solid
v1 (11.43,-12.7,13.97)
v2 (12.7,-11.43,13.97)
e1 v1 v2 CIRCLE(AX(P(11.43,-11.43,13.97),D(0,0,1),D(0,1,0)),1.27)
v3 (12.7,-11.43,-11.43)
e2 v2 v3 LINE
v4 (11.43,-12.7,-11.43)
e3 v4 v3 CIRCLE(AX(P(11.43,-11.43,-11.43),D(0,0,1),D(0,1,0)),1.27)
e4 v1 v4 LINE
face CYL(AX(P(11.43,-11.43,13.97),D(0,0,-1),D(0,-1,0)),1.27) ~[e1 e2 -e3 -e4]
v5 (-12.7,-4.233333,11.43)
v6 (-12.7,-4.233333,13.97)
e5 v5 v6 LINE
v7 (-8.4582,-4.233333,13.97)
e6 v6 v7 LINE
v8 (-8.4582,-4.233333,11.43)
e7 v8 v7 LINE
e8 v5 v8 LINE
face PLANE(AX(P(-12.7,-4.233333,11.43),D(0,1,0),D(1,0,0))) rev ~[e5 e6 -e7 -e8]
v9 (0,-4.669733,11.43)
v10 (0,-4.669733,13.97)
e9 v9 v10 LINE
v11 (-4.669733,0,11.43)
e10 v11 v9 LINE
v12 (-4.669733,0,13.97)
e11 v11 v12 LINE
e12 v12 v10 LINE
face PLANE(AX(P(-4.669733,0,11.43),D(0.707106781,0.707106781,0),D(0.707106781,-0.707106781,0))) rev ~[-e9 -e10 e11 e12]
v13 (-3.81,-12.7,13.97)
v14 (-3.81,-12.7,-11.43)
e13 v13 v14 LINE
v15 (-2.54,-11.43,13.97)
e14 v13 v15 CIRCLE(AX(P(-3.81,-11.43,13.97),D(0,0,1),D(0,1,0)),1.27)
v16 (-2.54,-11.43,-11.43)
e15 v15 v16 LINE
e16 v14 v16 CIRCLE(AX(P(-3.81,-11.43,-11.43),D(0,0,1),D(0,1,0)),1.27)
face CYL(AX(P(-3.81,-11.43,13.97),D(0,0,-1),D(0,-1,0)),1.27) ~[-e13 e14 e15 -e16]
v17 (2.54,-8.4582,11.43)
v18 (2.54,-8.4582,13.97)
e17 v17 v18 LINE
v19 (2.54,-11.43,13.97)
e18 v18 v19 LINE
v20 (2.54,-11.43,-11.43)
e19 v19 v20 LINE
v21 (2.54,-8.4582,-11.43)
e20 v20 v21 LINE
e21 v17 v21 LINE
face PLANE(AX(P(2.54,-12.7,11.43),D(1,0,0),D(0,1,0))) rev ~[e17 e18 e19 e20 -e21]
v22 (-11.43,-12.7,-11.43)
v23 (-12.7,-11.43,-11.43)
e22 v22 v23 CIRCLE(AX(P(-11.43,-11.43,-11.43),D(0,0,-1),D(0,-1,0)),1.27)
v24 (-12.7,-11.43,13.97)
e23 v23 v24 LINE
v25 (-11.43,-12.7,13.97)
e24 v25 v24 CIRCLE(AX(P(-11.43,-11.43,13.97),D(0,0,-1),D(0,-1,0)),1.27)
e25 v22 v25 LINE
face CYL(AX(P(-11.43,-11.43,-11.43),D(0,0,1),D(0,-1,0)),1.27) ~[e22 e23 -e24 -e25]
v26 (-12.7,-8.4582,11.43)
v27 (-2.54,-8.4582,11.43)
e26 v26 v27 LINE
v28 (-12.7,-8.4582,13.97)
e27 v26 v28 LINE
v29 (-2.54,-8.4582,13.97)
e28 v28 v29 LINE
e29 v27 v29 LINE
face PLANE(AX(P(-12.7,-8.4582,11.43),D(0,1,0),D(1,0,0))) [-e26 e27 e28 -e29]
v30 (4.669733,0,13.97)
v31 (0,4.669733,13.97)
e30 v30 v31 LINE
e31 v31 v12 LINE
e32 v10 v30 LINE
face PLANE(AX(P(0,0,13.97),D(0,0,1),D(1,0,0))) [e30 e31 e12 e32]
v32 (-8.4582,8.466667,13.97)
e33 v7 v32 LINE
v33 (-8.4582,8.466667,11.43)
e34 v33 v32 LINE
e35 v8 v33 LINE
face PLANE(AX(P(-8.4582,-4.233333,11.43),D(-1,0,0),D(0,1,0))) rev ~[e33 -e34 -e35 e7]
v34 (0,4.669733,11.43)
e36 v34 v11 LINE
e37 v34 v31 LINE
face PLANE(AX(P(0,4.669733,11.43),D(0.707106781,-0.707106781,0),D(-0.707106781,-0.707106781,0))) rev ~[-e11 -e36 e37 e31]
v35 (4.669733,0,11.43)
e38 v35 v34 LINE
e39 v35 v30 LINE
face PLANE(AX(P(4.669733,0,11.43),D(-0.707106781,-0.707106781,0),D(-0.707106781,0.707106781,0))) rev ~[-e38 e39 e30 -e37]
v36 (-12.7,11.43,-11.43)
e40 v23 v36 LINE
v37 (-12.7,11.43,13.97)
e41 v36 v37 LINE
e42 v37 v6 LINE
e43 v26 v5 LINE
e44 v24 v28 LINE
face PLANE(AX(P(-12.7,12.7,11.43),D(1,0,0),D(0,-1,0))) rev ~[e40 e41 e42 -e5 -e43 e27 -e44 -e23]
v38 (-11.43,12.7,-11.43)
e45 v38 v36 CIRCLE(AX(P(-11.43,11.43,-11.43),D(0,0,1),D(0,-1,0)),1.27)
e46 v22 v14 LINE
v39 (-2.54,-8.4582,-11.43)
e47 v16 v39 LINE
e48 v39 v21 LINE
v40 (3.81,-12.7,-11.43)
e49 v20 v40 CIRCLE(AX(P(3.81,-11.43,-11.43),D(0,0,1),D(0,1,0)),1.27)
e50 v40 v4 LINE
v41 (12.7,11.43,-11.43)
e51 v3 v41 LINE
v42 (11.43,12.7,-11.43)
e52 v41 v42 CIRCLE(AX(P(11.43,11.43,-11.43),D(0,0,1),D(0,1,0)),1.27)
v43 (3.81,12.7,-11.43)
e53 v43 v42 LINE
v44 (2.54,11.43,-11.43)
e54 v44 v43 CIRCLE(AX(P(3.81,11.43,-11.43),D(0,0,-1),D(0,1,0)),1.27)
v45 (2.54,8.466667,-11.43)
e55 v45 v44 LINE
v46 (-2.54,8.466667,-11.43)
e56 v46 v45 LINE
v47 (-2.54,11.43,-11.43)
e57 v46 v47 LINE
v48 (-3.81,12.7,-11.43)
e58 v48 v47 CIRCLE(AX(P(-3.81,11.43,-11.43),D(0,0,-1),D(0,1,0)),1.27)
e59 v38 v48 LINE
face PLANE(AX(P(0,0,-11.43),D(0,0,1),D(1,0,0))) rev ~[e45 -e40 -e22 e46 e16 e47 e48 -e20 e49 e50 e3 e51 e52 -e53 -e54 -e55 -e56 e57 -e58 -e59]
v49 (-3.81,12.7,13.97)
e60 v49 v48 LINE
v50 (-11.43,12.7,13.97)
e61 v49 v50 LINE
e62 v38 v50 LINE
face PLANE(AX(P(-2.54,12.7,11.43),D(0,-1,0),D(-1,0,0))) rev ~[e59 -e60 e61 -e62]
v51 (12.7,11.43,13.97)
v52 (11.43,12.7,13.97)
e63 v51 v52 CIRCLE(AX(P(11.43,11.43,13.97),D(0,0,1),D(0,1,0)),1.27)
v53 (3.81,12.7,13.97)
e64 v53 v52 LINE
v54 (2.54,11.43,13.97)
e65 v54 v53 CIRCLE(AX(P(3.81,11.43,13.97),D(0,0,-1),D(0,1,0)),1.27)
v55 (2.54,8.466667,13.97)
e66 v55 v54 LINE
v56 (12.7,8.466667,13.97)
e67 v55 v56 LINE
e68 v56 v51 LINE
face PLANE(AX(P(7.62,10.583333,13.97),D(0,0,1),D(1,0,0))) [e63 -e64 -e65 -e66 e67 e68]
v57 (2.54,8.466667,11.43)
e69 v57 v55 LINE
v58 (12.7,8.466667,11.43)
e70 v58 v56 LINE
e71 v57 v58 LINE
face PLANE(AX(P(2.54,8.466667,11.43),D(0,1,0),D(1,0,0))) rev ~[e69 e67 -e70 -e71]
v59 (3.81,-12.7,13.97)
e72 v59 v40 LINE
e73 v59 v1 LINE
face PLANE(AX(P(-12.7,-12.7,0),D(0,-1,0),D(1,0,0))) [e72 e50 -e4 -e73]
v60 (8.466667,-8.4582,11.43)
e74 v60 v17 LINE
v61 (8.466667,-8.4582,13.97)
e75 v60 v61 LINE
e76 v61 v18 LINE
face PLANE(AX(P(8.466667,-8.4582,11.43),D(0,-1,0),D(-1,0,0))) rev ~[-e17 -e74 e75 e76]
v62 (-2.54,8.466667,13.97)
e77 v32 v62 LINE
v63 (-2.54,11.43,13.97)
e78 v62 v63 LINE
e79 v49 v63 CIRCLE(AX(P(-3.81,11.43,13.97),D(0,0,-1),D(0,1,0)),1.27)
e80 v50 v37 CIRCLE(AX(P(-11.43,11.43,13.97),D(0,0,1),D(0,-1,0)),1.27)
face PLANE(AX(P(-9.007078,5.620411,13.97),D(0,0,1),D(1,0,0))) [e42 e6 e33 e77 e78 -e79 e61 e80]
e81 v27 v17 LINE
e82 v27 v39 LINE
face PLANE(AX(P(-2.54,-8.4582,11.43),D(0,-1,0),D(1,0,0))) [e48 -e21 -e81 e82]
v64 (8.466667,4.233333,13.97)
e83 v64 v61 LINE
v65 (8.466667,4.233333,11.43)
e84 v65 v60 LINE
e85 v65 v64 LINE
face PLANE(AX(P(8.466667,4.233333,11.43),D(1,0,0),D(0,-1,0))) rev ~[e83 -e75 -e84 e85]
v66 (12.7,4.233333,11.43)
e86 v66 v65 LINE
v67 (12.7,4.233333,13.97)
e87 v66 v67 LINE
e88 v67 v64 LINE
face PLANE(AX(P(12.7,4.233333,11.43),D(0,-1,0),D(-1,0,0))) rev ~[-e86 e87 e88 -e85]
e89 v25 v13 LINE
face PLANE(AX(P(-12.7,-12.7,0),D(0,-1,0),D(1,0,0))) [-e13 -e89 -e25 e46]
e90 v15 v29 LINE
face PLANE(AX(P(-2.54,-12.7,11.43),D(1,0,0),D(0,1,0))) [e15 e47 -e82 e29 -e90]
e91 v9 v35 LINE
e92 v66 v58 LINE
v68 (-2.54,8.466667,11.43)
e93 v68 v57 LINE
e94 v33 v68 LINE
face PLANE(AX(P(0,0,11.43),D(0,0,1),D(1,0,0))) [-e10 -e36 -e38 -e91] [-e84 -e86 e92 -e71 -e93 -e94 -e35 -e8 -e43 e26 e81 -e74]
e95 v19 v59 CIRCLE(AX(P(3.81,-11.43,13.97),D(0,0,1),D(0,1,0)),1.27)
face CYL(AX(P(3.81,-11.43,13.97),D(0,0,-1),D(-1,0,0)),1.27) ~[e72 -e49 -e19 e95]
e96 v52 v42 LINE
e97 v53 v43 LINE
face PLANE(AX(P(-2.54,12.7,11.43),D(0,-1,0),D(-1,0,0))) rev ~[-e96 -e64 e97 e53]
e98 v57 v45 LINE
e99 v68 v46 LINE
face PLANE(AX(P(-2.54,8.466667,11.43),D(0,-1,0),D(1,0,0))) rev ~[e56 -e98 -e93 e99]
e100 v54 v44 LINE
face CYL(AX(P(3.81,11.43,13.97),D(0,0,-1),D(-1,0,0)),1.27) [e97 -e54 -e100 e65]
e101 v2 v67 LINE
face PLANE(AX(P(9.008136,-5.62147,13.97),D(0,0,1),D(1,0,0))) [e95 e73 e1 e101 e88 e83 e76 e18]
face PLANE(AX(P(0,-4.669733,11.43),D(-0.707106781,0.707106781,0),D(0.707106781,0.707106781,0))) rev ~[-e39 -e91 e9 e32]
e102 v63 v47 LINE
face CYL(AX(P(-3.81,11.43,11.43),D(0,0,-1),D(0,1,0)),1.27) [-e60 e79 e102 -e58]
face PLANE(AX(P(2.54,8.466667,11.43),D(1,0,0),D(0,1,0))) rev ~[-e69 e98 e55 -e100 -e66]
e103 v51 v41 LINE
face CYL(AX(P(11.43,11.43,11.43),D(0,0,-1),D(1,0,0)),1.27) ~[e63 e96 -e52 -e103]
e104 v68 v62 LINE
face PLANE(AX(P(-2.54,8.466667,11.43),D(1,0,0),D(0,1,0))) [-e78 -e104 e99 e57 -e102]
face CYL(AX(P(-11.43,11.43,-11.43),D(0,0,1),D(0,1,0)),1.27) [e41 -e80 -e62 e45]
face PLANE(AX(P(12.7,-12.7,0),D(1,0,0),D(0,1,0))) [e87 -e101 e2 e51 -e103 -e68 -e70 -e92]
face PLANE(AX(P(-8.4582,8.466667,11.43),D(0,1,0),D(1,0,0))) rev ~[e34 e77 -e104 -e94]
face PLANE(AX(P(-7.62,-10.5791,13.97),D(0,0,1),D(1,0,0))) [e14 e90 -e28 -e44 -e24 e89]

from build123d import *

# Parameters (mm, degrees)
F0_W     = 25.4
F0_H     = 25.4
F1_DEPTH = 11.43
F2_W     = 10.16
F2_H     = 4.2333333333
F2_H_2   = 4.2418
F3_DEPTH = 2.54
F2_W_2   = 5.08
F4_DEPTH = 22.861
F5_R     = 1.27


with BuildPart() as f1:
    # F0 (on Top) → F1 (new body, symmetric)
    with BuildSketch(Plane.XY):
        Rectangle(F0_W, F0_H)
    extrude(amount=F1_DEPTH, both=True)

    # F2 (on face) → F3 (join)
    with BuildSketch(Plane.XY.offset(11.43)):
        Polygon((-2.54, 12.7), (-12.7, 12.7), (-12.7, -4.2333333333), (-8.4582, -4.2333333333), (-8.4582, 8.4666666667), (-2.54, 8.4666666667), align=None)
        with Locations((7.62, 10.5833333333)):
            Rectangle(F2_W, F2_H)
        Polygon((8.4666666667, -8.4582), (2.54, -8.4582), (2.54, -12.7), (12.7, -12.7), (12.7, 4.2333333333), (8.4666666667, 4.2333333333), align=None)
        Polygon((4.669733183, 0), (0, 4.669733183), (-4.669733183, 0), (0, -4.669733183), align=None)
        with Locations((-7.62, -10.5791)):
            Rectangle(F2_W, F2_H_2)
    extrude(amount=F3_DEPTH)

    # F2 (on face) → F4 (cut, through all)
    with BuildSketch(Plane.XY.offset(11.43)):
        with Locations((0, 10.5833333333)):
            Rectangle(F2_W_2, F2_H)
        with Locations((0, -10.5791)):
            Rectangle(F2_W_2, F2_H_2)
    extrude(amount=-F4_DEPTH, mode=Mode.SUBTRACT)

    # F5
    f5_edges = [f1.edges().sort_by_distance(p)[0] for p in [
        (-12.7, 12.7, 1.27),
        (-12.7, -12.7, 1.27),
        (12.7, 12.7, 1.27),
        (12.7, -12.7, 1.27),
        (2.54, -12.7, 1.27),
        (-2.54, -12.7, 1.27),
        (2.54, 12.7, 1.27),
        (-2.54, 12.7, 1.27),
    ]]
    fillet(f5_edges, radius=F5_R)


solid = f1.part
